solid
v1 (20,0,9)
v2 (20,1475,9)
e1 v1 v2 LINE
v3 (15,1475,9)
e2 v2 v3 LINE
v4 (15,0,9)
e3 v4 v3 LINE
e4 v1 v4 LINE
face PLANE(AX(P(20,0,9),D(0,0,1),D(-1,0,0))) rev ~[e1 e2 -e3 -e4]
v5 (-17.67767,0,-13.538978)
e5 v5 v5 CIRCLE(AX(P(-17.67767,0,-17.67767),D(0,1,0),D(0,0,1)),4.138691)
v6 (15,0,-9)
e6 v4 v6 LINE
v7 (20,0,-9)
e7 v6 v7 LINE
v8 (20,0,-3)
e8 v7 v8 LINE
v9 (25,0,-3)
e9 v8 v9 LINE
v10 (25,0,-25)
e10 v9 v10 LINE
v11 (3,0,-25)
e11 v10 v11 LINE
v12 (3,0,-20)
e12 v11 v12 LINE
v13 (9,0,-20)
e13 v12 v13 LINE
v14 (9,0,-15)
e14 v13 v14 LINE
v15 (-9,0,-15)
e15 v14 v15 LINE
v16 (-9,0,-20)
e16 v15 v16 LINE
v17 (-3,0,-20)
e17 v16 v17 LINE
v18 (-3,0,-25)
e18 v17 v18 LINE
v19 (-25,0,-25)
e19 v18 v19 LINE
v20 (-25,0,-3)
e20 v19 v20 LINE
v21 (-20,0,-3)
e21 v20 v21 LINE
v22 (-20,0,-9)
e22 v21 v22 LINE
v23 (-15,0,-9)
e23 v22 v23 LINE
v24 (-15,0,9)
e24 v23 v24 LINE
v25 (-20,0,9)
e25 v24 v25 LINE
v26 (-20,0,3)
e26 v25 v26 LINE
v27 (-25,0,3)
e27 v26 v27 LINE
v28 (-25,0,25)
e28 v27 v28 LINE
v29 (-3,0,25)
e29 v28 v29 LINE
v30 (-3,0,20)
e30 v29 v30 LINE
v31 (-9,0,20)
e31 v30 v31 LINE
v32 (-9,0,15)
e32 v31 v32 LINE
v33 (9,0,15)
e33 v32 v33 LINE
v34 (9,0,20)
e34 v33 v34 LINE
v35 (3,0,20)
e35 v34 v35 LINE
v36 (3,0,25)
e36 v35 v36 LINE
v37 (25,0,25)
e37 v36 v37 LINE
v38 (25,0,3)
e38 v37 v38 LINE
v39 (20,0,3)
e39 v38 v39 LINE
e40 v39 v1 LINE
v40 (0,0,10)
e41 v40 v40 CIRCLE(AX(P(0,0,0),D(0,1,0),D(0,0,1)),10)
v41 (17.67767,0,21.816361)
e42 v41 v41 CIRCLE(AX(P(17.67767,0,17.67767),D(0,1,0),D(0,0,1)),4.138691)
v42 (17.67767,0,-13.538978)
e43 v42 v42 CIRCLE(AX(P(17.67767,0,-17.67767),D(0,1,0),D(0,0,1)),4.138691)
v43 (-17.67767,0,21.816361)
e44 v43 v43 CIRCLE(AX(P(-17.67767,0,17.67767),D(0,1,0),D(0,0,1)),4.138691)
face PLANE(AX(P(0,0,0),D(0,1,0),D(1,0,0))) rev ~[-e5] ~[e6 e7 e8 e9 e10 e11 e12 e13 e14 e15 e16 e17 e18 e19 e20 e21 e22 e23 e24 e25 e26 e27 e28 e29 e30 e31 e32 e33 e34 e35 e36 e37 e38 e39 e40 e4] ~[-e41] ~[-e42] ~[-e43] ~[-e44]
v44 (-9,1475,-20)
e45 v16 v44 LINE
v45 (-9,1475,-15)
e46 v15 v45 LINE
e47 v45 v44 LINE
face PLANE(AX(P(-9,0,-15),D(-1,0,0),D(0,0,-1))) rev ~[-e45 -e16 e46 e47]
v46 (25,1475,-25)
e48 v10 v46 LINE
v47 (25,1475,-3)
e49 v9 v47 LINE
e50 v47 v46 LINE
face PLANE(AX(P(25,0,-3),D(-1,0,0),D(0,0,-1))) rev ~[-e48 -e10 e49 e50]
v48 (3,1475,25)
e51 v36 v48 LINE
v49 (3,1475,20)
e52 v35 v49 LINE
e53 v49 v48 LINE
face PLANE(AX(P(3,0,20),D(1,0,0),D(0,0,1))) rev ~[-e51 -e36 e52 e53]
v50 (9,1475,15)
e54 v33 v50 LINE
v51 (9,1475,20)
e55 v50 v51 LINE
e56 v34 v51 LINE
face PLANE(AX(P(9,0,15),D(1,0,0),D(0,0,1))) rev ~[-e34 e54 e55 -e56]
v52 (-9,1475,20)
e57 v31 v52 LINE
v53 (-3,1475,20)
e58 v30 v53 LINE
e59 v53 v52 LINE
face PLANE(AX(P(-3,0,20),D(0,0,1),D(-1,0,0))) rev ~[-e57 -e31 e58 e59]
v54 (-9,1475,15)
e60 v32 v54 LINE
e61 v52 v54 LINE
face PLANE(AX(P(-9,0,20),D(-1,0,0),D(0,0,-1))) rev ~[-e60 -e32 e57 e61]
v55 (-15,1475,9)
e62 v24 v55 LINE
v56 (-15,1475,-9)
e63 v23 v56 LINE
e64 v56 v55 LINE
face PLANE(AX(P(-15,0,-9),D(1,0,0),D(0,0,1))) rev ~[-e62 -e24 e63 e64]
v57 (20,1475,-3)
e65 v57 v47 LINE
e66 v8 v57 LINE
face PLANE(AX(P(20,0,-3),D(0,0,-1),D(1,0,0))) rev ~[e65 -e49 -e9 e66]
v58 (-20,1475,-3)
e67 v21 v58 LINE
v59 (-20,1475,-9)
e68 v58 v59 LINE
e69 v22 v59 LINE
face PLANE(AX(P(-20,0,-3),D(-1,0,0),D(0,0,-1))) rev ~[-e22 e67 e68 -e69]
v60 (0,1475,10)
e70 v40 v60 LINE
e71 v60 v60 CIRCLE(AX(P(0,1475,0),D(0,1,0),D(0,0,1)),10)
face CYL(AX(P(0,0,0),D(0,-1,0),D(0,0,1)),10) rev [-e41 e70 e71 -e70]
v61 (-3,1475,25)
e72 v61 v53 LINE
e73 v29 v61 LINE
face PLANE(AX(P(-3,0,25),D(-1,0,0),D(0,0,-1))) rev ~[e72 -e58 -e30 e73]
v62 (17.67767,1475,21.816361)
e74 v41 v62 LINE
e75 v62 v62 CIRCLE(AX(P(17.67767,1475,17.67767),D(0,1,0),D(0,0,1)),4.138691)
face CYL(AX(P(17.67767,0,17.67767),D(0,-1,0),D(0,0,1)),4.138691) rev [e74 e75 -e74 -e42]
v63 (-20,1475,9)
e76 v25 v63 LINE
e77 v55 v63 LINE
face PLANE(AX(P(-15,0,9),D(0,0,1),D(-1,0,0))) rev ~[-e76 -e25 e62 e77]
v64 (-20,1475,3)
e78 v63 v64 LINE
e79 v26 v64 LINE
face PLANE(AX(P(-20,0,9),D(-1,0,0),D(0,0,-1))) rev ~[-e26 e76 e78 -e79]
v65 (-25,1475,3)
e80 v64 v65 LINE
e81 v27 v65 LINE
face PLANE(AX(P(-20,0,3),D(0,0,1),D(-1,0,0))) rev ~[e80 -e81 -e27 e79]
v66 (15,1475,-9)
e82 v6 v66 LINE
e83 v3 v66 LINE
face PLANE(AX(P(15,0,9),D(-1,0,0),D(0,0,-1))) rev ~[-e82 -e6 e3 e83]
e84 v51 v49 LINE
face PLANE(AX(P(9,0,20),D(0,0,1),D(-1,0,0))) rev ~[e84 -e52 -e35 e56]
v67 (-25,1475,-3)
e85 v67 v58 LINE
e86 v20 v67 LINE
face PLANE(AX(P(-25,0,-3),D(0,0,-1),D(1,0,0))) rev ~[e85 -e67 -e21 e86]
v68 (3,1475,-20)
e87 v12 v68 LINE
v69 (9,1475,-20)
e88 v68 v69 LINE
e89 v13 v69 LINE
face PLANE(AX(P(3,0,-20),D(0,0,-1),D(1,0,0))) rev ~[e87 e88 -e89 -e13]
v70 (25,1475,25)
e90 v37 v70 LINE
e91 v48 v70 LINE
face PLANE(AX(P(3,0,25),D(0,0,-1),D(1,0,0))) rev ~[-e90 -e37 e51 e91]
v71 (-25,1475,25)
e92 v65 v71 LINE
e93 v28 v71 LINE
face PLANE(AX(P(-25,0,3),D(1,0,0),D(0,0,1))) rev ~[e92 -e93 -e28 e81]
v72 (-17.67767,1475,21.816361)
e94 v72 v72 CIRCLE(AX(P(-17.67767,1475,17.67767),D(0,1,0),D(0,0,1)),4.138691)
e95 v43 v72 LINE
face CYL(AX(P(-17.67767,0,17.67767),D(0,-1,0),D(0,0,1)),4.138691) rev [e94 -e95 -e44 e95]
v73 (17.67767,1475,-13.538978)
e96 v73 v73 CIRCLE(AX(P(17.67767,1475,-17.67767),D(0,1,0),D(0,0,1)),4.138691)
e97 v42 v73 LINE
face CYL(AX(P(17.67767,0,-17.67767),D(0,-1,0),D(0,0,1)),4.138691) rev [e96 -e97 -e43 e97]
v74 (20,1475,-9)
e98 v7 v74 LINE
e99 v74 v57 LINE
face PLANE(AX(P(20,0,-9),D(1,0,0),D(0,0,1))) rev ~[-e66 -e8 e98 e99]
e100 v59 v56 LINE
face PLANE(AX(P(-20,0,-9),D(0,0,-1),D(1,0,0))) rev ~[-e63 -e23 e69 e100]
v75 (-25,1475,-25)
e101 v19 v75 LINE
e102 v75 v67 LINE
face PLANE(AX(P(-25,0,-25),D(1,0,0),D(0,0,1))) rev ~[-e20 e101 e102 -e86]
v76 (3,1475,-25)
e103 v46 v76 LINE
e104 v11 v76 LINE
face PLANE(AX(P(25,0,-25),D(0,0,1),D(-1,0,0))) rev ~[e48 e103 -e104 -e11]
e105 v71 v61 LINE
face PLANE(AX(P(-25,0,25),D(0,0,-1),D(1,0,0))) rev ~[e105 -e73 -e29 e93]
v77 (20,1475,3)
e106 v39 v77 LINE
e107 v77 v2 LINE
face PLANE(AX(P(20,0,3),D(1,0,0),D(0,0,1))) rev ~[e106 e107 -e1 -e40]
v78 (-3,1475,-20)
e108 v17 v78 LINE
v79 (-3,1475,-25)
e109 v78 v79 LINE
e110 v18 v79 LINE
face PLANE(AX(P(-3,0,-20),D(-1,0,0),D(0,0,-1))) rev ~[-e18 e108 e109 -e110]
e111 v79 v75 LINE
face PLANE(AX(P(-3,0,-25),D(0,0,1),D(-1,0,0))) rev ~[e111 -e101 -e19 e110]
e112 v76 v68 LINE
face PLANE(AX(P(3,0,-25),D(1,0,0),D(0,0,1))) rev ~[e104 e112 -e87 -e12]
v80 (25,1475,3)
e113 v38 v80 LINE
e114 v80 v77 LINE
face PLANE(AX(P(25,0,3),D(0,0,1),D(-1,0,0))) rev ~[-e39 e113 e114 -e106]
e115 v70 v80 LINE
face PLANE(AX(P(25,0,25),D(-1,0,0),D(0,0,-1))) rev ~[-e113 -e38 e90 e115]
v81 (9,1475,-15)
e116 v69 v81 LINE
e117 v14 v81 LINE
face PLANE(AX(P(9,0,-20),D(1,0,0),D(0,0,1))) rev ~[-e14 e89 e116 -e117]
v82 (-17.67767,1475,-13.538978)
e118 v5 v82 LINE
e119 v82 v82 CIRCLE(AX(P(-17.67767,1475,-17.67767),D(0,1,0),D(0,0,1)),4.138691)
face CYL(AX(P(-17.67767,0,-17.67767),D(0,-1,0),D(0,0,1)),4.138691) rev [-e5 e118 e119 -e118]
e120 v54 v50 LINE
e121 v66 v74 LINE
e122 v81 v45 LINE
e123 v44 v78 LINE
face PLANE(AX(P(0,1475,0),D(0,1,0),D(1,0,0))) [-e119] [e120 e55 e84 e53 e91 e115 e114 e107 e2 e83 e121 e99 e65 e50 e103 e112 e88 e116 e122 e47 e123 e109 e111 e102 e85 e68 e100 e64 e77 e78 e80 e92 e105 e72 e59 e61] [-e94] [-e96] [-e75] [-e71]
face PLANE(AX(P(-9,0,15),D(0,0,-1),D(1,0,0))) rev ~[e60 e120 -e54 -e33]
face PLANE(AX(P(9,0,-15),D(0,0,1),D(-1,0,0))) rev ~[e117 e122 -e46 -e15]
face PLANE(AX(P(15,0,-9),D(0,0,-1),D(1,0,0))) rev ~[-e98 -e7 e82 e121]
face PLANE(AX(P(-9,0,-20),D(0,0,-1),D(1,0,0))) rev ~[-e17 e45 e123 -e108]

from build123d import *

# Parameters (mm, degrees)
SKETCH1_R           = 10
SKETCH1_R_2         = 4.138691164
BOSS_EXTRUDE1_DEPTH = 1475


with BuildPart() as part:
    # Sketch1 → Boss-Extrude1 (new body)
    with BuildSketch(Plane(origin=(0, 0, 0), x_dir=(1, 0, 0), z_dir=(0, 1, 0))):
        Polygon((-25, -3), (-25, -25), (-3, -25), (-3, -20), (-9, -20), (-9, -15), (9, -15), (9, -20), (3, -20), (3, -25), (25, -25), (25, -3), (20, -3), (20, -9), (15, -9), (15, 9), (20, 9), (20, 3), (25, 3), (25, 25), (3, 25), (3, 20), (9, 20), (9, 15), (-9, 15), (-9, 20), (-3, 20), (-3, 25), (-25, 25), (-25, 3), (-20, 3), (-20, 9), (-15, 9), (-15, -9), (-20, -9), (-20, -3), align=None)
        with Locations(Location((0, 0, 0), (0, 0, 270))):
            Circle(SKETCH1_R, mode=Mode.SUBTRACT)
        with Locations(Location((-17.67766953, 17.67766953, 0), (0, 0, 270))):
            Circle(SKETCH1_R_2, mode=Mode.SUBTRACT)
        with Locations(Location((17.67766953, 17.67766953, 0), (0, 0, 270))):
            Circle(SKETCH1_R_2, mode=Mode.SUBTRACT)
        with Locations(Location((17.67766953, -17.67766953, 0), (0, 0, 270))):
            Circle(SKETCH1_R_2, mode=Mode.SUBTRACT)
        with Locations(Location((-17.67766953, -17.67766953, 0), (0, 0, 270))):
            Circle(SKETCH1_R_2, mode=Mode.SUBTRACT)
    extrude(amount=BOSS_EXTRUDE1_DEPTH)


solid = part.part
